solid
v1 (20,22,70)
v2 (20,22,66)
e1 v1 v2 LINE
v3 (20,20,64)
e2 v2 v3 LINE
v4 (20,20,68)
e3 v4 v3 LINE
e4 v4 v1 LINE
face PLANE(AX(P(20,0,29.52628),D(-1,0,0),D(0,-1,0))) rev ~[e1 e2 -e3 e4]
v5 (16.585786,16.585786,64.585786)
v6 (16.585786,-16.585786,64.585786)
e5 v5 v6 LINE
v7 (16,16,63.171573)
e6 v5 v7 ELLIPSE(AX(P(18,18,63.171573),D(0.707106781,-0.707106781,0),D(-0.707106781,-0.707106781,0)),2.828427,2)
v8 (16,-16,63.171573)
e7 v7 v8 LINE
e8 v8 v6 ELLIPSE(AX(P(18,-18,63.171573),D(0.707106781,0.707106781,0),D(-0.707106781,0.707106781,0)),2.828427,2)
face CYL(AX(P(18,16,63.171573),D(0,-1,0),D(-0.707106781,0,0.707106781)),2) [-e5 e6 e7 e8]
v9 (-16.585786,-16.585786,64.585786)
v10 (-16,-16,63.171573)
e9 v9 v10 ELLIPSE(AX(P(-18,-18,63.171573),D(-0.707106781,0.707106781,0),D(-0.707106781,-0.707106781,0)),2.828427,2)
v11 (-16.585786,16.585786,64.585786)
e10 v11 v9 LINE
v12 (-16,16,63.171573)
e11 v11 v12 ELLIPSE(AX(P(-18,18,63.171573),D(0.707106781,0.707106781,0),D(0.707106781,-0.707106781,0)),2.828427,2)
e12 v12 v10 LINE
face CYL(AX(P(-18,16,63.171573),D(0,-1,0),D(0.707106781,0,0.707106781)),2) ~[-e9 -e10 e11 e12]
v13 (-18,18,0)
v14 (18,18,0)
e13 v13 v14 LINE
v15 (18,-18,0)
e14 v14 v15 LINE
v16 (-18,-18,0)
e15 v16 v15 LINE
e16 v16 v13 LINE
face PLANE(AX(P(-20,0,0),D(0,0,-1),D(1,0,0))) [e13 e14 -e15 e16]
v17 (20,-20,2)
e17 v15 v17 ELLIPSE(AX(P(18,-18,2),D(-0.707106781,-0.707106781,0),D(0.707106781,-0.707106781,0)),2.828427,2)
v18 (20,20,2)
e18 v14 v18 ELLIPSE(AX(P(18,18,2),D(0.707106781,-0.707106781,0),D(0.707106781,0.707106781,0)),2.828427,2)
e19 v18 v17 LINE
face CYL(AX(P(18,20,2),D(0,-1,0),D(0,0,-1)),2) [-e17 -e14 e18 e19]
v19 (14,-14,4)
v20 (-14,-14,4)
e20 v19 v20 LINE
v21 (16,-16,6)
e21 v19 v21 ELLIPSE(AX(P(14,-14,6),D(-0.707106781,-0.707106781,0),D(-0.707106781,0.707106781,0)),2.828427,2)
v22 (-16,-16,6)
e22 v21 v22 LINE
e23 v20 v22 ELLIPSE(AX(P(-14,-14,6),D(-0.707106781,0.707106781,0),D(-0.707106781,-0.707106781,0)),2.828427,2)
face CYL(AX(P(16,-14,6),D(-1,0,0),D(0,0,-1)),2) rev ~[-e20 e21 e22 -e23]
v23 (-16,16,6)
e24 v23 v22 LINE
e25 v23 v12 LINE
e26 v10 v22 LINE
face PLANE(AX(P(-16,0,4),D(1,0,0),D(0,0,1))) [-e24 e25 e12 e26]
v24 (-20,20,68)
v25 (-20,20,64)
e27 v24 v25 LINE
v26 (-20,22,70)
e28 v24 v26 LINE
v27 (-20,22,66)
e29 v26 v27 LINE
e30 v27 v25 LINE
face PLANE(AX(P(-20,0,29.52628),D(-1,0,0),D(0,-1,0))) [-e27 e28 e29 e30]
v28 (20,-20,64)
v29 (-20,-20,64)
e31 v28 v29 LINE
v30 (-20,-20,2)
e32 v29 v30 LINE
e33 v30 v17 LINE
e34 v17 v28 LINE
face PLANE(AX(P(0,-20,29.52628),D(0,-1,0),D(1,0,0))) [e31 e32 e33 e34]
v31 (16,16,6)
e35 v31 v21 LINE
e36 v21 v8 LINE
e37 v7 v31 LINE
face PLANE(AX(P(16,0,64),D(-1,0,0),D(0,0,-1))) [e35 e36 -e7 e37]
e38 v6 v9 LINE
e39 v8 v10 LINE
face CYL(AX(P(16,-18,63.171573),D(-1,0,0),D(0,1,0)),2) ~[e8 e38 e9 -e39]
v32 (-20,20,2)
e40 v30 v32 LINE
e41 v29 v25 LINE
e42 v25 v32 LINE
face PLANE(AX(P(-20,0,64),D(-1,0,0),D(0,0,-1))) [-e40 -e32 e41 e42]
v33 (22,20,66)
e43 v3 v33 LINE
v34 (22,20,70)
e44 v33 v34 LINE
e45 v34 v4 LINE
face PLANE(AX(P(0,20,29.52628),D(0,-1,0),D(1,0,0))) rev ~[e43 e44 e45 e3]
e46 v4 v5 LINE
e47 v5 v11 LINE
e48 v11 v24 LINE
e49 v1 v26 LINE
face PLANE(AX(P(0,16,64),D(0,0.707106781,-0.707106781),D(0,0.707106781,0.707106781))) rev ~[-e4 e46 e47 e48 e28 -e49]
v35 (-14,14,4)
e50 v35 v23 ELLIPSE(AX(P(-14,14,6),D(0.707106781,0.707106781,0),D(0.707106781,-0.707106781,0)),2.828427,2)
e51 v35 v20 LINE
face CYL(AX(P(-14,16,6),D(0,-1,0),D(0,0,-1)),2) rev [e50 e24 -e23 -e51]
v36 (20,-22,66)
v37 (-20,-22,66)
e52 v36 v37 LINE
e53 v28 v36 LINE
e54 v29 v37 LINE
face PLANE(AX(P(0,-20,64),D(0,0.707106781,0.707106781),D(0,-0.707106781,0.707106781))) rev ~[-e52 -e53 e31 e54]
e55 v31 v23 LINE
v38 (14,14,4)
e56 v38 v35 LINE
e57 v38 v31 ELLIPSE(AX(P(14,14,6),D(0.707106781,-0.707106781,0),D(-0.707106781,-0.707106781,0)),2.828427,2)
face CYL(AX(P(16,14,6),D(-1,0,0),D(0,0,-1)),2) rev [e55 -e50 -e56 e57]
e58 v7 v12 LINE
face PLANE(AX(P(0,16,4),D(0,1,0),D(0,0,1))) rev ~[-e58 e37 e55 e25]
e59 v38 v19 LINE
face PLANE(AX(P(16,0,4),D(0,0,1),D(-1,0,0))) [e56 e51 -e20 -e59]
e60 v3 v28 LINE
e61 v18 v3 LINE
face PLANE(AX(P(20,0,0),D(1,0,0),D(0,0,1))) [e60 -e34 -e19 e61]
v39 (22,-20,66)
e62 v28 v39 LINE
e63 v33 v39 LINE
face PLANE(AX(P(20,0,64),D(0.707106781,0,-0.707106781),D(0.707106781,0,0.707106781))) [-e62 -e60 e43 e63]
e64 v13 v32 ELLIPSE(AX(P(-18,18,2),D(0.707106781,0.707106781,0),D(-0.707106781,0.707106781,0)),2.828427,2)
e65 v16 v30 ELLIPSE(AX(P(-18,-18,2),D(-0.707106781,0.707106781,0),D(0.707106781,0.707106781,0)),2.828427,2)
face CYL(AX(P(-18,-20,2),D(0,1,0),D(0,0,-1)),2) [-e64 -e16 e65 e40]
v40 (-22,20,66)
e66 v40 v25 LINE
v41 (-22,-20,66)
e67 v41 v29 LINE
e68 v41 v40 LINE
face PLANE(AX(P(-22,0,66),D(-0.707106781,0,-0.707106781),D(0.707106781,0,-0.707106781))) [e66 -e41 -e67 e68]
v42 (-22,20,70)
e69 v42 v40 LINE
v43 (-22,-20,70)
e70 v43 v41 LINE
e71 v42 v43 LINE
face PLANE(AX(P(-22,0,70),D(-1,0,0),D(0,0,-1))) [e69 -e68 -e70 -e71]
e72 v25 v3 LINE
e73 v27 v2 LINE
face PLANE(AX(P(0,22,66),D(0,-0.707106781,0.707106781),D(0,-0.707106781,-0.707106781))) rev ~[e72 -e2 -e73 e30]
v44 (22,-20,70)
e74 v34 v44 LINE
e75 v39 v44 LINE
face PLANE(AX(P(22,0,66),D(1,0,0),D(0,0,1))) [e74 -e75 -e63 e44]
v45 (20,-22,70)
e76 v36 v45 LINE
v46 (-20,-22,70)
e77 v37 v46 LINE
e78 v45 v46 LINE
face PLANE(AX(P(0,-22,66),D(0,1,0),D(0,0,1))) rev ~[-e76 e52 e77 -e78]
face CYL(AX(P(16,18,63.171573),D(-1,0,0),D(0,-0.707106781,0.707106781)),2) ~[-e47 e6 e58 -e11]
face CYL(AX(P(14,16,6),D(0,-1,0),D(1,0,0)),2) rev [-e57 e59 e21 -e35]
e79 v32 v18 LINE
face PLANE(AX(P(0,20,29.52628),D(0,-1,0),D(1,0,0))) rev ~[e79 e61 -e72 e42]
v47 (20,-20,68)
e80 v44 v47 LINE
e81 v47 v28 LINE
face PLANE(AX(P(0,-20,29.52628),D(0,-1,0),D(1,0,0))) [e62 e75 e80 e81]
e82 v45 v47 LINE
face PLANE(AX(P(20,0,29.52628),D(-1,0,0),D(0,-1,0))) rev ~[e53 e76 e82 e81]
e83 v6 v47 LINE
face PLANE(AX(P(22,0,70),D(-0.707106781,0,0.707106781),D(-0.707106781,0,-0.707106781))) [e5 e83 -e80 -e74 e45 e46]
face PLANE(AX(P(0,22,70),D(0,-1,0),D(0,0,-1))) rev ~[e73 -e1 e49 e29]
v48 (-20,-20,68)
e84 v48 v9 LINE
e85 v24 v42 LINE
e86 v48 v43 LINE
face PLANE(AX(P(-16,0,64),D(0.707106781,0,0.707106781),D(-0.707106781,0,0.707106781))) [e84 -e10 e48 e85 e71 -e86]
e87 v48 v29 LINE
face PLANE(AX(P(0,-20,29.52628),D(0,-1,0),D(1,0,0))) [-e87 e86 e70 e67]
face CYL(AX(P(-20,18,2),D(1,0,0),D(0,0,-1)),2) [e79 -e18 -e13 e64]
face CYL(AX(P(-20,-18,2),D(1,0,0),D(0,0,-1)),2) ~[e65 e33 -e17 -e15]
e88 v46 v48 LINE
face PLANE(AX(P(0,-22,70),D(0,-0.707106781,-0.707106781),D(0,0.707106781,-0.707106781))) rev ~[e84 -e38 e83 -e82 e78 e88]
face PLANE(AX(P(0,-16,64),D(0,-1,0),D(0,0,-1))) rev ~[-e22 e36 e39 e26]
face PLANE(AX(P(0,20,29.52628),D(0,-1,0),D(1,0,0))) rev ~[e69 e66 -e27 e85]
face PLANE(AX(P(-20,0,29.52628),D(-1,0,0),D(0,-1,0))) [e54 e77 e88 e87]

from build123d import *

# Parameters (mm, degrees)
EXTRUDE003_DEPTH = 20
EXTRUDE002_DEPTH = 20
FILLET_R         = 2


with BuildPart() as extrude003:
    # Sketch004 (on Extrude) → Extrude003 (new body, symmetric)
    with BuildSketch(Plane.YZ):
        Polygon((20, 0), (-20, 0), (-20, 64), (-22, 66), (-22, 70), (-16, 64), (-16, 4), (16, 4), (16, 64), (22, 70), (22, 66), (20, 64), align=None)
    extrude(amount=EXTRUDE003_DEPTH, both=True)


with BuildPart() as bin:
    # Sketch003 → Extrude002 (new body, symmetric)
    with BuildSketch(Plane.XZ):
        Polygon((-20, 0), (20, 0), (20, 64), (22, 66), (22, 70), (16, 64), (16, 4), (-16, 4), (-16, 64), (-22, 70), (-22, 66), (-20, 64), align=None)
    extrude(amount=EXTRUDE002_DEPTH, both=True)

    # Fusion001: union Extrude003
    add(extrude003.part)

    # Fillet
    fillet_edges = [bin.edges().sort_by_distance(p)[0] for p in [
        (-20, 0, 0),
        (-16, 0, 64),
        (0, 20, 0),
        (20, 0, 0),
        (0, -20, 0),
        (0, 16, 64),
        (-16, 0, 4),
        (0, -16, 64),
        (0, 16, 4),
        (16, 0, 64),
        (0, -16, 4),
        (16, 0, 4),
    ]]
    fillet(fillet_edges, radius=FILLET_R)


solid = bin.part
